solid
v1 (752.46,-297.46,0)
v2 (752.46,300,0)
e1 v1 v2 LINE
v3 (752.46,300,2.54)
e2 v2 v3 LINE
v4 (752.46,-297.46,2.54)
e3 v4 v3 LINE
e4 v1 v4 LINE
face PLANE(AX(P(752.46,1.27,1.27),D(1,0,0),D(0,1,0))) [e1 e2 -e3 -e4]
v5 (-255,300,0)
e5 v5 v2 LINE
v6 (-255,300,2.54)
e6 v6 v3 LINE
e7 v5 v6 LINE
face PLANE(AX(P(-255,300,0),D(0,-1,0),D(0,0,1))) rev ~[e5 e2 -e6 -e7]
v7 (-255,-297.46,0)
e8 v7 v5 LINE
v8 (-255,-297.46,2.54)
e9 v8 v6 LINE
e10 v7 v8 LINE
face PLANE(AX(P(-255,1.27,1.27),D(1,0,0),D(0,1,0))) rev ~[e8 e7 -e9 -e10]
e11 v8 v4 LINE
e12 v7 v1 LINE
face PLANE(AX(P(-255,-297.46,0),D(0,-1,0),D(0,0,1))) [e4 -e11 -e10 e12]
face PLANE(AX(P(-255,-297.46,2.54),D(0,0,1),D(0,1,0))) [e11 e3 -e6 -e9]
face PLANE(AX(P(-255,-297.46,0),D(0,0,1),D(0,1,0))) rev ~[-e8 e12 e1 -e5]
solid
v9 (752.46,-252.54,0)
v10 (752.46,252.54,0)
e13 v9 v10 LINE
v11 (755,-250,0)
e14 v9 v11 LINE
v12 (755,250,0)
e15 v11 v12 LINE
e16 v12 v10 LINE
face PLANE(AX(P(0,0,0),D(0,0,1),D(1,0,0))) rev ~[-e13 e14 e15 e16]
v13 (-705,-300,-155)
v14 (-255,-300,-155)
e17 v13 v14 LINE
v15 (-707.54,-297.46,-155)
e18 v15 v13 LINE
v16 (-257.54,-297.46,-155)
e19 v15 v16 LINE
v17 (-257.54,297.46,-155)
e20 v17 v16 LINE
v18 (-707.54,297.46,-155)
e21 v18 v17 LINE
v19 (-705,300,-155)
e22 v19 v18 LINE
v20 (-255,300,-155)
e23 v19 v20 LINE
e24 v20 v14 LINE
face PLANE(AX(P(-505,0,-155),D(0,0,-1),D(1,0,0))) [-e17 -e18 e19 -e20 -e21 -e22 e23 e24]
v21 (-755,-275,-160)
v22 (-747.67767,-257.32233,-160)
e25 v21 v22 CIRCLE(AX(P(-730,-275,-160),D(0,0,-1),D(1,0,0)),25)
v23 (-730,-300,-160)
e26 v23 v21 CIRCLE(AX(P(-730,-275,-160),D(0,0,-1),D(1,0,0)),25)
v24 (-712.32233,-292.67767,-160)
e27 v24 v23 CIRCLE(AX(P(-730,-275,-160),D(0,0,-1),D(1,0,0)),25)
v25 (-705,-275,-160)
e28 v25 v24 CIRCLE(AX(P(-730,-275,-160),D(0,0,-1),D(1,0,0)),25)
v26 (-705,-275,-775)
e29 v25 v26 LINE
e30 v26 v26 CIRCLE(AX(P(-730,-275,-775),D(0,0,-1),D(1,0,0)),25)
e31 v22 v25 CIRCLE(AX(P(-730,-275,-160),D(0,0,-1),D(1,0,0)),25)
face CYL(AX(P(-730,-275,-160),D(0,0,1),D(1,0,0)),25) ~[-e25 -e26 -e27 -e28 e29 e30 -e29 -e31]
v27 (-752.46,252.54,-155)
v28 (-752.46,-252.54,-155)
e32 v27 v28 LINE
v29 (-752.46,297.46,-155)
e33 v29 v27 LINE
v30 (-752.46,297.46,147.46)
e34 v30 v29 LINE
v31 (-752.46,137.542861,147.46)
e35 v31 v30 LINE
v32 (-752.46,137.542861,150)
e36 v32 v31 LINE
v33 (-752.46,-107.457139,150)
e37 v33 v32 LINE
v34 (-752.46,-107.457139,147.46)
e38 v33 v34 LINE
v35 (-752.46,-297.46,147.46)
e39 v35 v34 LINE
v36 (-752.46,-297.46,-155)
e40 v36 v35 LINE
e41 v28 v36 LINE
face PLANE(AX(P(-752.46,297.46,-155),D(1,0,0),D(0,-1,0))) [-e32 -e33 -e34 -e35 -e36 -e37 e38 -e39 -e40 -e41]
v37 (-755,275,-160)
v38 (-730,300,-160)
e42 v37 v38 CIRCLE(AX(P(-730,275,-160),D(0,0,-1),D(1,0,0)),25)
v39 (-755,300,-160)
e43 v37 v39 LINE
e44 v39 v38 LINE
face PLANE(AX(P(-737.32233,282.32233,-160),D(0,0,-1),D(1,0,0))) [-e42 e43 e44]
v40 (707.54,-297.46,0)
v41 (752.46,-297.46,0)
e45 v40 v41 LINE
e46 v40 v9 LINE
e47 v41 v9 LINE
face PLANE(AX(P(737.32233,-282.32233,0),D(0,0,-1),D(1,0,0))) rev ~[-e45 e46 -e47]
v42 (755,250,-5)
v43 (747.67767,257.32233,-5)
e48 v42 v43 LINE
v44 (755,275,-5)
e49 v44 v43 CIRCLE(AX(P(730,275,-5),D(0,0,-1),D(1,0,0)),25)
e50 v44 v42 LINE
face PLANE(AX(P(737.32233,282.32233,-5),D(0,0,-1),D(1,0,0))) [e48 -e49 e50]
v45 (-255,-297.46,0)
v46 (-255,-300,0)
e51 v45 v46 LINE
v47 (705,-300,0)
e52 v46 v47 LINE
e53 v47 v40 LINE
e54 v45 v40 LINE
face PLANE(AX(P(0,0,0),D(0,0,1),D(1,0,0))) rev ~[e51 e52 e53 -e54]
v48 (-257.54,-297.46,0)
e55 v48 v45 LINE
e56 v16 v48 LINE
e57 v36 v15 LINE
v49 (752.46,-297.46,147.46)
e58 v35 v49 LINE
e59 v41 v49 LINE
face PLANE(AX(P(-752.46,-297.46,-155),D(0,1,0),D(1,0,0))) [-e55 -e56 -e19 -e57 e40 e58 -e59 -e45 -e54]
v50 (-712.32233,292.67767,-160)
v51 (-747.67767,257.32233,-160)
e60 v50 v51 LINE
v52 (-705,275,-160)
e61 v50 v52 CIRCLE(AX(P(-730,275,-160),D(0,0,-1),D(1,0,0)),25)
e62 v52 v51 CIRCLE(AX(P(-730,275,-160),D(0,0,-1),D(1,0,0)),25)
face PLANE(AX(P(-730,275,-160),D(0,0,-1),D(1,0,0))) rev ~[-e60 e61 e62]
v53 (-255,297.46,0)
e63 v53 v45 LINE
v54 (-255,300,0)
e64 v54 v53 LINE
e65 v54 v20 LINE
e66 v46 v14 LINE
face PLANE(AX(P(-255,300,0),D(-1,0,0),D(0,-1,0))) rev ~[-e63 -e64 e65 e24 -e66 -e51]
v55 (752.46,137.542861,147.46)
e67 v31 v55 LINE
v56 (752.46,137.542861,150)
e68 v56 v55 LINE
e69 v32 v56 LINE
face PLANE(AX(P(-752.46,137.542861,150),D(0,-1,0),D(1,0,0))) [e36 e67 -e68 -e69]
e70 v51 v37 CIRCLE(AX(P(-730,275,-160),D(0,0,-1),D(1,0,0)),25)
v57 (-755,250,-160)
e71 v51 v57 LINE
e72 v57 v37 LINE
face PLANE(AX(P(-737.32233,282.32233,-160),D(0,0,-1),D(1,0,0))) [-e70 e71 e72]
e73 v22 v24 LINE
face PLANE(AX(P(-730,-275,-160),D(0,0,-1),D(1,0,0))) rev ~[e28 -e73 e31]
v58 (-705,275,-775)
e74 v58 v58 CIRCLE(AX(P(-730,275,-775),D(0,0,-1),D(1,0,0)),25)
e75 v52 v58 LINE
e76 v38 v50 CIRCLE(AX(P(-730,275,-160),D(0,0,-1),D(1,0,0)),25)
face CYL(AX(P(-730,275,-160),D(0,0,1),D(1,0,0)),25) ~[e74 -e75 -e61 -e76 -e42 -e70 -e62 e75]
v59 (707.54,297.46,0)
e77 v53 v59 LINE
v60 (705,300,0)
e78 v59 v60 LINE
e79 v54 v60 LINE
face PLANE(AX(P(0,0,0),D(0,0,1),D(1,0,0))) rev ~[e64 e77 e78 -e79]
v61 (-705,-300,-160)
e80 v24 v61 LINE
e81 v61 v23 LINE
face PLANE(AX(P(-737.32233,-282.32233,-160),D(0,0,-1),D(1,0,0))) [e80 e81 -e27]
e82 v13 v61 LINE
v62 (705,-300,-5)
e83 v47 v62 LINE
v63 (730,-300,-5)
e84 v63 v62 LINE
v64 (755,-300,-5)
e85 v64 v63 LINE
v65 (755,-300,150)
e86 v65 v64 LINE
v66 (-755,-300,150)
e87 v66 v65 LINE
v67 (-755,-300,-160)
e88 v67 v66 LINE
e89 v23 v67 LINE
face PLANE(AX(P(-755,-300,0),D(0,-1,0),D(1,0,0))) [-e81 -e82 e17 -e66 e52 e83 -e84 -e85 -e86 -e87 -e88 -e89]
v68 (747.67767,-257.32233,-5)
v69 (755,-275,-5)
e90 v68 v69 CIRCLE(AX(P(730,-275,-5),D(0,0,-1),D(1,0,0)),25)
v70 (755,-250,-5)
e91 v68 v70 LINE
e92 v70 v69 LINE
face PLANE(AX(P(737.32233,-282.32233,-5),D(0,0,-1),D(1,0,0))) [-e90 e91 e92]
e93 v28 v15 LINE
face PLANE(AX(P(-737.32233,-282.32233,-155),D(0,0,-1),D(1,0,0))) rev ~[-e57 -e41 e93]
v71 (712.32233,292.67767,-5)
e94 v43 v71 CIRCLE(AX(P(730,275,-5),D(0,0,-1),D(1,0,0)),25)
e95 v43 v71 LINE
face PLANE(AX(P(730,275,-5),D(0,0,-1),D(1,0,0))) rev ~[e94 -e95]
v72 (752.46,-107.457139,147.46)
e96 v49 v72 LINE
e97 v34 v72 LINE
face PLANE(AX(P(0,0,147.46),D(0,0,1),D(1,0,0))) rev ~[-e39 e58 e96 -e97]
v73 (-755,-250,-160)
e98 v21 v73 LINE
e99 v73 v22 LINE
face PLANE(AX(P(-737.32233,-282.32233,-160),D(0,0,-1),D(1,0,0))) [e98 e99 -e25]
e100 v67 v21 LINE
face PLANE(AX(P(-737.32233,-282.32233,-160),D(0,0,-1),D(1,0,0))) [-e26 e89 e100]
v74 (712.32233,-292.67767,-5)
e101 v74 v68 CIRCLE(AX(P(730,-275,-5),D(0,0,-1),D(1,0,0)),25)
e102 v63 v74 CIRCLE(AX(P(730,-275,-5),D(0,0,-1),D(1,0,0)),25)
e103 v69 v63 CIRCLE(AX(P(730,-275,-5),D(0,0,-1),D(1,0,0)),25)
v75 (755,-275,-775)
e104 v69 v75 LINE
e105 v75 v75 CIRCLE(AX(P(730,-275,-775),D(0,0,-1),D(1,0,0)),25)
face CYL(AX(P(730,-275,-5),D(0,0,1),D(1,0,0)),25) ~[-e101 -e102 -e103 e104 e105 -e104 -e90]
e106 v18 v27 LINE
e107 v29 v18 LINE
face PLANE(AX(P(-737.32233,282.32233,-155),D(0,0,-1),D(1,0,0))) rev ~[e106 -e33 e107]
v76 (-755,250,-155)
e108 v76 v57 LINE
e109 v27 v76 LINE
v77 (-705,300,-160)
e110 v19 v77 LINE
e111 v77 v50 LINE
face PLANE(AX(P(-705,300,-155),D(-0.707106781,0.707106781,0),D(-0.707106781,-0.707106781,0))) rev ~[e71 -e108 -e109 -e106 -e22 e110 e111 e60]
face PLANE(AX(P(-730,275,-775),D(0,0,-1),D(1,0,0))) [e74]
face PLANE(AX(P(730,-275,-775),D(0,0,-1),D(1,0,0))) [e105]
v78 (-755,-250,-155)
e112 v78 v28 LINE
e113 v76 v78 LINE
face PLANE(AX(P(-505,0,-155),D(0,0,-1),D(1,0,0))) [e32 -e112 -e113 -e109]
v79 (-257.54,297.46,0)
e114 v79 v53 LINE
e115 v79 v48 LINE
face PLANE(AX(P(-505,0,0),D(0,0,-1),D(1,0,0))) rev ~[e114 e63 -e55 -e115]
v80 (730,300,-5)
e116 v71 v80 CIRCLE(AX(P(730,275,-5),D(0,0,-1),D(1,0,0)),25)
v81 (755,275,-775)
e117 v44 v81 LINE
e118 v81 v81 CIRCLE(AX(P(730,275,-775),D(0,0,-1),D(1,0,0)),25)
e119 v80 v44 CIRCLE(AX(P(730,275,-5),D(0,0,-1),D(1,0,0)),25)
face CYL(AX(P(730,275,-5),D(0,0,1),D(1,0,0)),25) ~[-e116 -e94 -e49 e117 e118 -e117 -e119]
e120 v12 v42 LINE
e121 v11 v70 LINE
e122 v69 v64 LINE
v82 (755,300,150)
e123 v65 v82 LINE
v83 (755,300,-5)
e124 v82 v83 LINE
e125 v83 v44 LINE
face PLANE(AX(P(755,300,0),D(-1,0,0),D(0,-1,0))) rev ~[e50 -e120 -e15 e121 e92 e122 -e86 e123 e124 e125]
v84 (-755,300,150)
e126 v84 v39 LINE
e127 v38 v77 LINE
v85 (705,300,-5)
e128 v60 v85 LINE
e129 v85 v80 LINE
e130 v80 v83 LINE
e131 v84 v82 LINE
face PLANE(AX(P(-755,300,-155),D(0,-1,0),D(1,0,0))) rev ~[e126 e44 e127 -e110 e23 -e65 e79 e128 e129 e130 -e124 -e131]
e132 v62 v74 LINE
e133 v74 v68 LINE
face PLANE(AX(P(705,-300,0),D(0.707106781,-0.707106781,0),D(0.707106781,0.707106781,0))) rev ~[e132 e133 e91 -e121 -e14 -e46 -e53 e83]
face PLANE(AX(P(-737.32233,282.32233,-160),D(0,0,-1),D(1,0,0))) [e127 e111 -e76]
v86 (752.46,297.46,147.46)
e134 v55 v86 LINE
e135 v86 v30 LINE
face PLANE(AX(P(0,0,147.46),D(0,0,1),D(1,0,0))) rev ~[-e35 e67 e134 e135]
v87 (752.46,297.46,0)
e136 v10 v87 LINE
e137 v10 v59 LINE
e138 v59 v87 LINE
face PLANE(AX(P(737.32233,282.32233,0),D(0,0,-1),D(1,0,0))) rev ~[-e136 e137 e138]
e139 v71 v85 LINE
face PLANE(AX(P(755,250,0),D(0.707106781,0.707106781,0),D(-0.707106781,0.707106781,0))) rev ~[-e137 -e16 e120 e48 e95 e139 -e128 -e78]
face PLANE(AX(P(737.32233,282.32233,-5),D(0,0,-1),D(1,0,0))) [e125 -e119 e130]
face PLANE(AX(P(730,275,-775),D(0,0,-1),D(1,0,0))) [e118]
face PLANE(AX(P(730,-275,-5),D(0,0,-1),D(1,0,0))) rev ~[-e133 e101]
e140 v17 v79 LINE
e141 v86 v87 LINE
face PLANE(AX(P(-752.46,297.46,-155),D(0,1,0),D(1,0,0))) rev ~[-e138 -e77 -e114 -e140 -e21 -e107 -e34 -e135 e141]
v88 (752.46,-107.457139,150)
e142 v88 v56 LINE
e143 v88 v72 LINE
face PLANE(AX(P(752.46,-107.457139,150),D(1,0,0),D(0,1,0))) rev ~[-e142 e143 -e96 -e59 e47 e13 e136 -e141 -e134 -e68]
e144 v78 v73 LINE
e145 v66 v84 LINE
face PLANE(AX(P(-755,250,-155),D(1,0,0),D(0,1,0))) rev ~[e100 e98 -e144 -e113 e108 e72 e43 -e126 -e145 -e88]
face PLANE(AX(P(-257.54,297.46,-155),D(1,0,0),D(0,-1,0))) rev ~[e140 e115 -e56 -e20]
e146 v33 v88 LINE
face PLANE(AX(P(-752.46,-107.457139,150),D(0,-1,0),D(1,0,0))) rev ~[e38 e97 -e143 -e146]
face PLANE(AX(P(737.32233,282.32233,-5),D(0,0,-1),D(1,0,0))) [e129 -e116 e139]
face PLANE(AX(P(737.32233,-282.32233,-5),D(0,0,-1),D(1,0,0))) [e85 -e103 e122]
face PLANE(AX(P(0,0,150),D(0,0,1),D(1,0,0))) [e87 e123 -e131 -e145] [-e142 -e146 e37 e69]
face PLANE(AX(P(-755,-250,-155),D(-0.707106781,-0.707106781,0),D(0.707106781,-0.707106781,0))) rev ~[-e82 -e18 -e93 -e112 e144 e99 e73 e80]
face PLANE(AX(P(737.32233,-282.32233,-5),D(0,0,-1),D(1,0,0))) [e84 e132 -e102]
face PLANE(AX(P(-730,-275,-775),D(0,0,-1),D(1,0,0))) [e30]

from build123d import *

# Parameters (mm, degrees)
F0_W      = 1510
F0_H      = 600
F1_DEPTH  = 150
F2_T      = -2.54
F3_W      = 500
F3_H      = 600
F4_DEPTH  = 155
F5_W      = 494.92
F5_H      = 594.92
F6_DEPTH  = 302.46
F7_W      = 1504.92
F7_H      = 245
F8_DEPTH  = 25.4
F10_DEPTH = 5
F11_R     = 25
F12_DEPTH = 770
F14_DEPTH = 5
F15_R     = 25
F16_DEPTH = 615
F17_W     = 597.46
F17_H     = 2.54
F18_DEPTH = 1007.46


with BuildPart() as f1:
    # F0 (on Top) → F1 (new body)
    with BuildSketch(Plane.XY):
        Rectangle(F0_W, F0_H)
    extrude(amount=F1_DEPTH)

    # F2
    f2_openings = [f1.faces().sort_by_distance(p)[0] for p in [
        (0, 0, 0),
    ]]
    offset(amount=F2_T, openings=f2_openings)

    # F3 (on face) → F4 (join)
    with BuildSketch(Plane(origin=(0, 0, 0), x_dir=(1, 0, 0), z_dir=(0, 0, -1))):
        with Locations((-505, 0)):
            Rectangle(F3_W, F3_H)
    extrude(amount=F4_DEPTH)

    # F5 (on face) → F6 (cut, through all)
    with BuildSketch(Plane(origin=(0, 0, -155), x_dir=(1, 0, 0), z_dir=(0, 0, -1))):
        with Locations((-505, 0)):
            Rectangle(F5_W, F5_H)
    extrude(amount=-F6_DEPTH, mode=Mode.SUBTRACT)

    # F7 (on face) → F8 (cut)
    with BuildSketch(Plane.XY.offset(150)):
        with Locations((0, 15.042861402)):
            Rectangle(F7_W, F7_H)
    extrude(amount=-F8_DEPTH, mode=Mode.SUBTRACT)

    # F9 (on face) → F10 (join)
    with BuildSketch(Plane(origin=(0, 0, 0), x_dir=(1, 0, 0), z_dir=(0, 0, -1))):
        Polygon((705, -300), (755, -300), (755, -250), align=None)
        Polygon((755, 250), (755, 300), (705, 300), align=None)
    extrude(amount=F10_DEPTH)

    # F11 (on face) → F12 (join)
    with BuildSketch(Plane(origin=(0, 0, -5), x_dir=(1, 0, 0), z_dir=(0, 0, -1))):
        with Locations((730, 275)):
            Circle(F11_R)
        with Locations((730, -275)):
            Circle(F11_R)
    extrude(amount=F12_DEPTH)

    # F13 (on face) → F14 (join)
    with BuildSketch(Plane(origin=(0, 0, -155), x_dir=(1, 0, 0), z_dir=(0, 0, -1))):
        Polygon((-755, -250), (-755, -300), (-705, -300), align=None)
        Polygon((-705, 300), (-755, 300), (-755, 250), align=None)
    extrude(amount=F14_DEPTH)

    # F15 (on face) → F16 (join, through all)
    with BuildSketch(Plane(origin=(0, 0, -160), x_dir=(1, 0, 0), z_dir=(0, 0, -1))):
        with Locations((-730, 275)):
            Circle(F15_R)
        with Locations((-730, -275)):
            Circle(F15_R)
    extrude(amount=F16_DEPTH)


with BuildPart() as f18:
    # F17 (on face) → F18 (new body, through all)
    with BuildSketch(Plane.YZ.offset(-255)):
        with Locations((1.27, 1.27)):
            Rectangle(F17_W, F17_H)
    extrude(amount=F18_DEPTH)


solid = Compound([f1.part, f18.part])
